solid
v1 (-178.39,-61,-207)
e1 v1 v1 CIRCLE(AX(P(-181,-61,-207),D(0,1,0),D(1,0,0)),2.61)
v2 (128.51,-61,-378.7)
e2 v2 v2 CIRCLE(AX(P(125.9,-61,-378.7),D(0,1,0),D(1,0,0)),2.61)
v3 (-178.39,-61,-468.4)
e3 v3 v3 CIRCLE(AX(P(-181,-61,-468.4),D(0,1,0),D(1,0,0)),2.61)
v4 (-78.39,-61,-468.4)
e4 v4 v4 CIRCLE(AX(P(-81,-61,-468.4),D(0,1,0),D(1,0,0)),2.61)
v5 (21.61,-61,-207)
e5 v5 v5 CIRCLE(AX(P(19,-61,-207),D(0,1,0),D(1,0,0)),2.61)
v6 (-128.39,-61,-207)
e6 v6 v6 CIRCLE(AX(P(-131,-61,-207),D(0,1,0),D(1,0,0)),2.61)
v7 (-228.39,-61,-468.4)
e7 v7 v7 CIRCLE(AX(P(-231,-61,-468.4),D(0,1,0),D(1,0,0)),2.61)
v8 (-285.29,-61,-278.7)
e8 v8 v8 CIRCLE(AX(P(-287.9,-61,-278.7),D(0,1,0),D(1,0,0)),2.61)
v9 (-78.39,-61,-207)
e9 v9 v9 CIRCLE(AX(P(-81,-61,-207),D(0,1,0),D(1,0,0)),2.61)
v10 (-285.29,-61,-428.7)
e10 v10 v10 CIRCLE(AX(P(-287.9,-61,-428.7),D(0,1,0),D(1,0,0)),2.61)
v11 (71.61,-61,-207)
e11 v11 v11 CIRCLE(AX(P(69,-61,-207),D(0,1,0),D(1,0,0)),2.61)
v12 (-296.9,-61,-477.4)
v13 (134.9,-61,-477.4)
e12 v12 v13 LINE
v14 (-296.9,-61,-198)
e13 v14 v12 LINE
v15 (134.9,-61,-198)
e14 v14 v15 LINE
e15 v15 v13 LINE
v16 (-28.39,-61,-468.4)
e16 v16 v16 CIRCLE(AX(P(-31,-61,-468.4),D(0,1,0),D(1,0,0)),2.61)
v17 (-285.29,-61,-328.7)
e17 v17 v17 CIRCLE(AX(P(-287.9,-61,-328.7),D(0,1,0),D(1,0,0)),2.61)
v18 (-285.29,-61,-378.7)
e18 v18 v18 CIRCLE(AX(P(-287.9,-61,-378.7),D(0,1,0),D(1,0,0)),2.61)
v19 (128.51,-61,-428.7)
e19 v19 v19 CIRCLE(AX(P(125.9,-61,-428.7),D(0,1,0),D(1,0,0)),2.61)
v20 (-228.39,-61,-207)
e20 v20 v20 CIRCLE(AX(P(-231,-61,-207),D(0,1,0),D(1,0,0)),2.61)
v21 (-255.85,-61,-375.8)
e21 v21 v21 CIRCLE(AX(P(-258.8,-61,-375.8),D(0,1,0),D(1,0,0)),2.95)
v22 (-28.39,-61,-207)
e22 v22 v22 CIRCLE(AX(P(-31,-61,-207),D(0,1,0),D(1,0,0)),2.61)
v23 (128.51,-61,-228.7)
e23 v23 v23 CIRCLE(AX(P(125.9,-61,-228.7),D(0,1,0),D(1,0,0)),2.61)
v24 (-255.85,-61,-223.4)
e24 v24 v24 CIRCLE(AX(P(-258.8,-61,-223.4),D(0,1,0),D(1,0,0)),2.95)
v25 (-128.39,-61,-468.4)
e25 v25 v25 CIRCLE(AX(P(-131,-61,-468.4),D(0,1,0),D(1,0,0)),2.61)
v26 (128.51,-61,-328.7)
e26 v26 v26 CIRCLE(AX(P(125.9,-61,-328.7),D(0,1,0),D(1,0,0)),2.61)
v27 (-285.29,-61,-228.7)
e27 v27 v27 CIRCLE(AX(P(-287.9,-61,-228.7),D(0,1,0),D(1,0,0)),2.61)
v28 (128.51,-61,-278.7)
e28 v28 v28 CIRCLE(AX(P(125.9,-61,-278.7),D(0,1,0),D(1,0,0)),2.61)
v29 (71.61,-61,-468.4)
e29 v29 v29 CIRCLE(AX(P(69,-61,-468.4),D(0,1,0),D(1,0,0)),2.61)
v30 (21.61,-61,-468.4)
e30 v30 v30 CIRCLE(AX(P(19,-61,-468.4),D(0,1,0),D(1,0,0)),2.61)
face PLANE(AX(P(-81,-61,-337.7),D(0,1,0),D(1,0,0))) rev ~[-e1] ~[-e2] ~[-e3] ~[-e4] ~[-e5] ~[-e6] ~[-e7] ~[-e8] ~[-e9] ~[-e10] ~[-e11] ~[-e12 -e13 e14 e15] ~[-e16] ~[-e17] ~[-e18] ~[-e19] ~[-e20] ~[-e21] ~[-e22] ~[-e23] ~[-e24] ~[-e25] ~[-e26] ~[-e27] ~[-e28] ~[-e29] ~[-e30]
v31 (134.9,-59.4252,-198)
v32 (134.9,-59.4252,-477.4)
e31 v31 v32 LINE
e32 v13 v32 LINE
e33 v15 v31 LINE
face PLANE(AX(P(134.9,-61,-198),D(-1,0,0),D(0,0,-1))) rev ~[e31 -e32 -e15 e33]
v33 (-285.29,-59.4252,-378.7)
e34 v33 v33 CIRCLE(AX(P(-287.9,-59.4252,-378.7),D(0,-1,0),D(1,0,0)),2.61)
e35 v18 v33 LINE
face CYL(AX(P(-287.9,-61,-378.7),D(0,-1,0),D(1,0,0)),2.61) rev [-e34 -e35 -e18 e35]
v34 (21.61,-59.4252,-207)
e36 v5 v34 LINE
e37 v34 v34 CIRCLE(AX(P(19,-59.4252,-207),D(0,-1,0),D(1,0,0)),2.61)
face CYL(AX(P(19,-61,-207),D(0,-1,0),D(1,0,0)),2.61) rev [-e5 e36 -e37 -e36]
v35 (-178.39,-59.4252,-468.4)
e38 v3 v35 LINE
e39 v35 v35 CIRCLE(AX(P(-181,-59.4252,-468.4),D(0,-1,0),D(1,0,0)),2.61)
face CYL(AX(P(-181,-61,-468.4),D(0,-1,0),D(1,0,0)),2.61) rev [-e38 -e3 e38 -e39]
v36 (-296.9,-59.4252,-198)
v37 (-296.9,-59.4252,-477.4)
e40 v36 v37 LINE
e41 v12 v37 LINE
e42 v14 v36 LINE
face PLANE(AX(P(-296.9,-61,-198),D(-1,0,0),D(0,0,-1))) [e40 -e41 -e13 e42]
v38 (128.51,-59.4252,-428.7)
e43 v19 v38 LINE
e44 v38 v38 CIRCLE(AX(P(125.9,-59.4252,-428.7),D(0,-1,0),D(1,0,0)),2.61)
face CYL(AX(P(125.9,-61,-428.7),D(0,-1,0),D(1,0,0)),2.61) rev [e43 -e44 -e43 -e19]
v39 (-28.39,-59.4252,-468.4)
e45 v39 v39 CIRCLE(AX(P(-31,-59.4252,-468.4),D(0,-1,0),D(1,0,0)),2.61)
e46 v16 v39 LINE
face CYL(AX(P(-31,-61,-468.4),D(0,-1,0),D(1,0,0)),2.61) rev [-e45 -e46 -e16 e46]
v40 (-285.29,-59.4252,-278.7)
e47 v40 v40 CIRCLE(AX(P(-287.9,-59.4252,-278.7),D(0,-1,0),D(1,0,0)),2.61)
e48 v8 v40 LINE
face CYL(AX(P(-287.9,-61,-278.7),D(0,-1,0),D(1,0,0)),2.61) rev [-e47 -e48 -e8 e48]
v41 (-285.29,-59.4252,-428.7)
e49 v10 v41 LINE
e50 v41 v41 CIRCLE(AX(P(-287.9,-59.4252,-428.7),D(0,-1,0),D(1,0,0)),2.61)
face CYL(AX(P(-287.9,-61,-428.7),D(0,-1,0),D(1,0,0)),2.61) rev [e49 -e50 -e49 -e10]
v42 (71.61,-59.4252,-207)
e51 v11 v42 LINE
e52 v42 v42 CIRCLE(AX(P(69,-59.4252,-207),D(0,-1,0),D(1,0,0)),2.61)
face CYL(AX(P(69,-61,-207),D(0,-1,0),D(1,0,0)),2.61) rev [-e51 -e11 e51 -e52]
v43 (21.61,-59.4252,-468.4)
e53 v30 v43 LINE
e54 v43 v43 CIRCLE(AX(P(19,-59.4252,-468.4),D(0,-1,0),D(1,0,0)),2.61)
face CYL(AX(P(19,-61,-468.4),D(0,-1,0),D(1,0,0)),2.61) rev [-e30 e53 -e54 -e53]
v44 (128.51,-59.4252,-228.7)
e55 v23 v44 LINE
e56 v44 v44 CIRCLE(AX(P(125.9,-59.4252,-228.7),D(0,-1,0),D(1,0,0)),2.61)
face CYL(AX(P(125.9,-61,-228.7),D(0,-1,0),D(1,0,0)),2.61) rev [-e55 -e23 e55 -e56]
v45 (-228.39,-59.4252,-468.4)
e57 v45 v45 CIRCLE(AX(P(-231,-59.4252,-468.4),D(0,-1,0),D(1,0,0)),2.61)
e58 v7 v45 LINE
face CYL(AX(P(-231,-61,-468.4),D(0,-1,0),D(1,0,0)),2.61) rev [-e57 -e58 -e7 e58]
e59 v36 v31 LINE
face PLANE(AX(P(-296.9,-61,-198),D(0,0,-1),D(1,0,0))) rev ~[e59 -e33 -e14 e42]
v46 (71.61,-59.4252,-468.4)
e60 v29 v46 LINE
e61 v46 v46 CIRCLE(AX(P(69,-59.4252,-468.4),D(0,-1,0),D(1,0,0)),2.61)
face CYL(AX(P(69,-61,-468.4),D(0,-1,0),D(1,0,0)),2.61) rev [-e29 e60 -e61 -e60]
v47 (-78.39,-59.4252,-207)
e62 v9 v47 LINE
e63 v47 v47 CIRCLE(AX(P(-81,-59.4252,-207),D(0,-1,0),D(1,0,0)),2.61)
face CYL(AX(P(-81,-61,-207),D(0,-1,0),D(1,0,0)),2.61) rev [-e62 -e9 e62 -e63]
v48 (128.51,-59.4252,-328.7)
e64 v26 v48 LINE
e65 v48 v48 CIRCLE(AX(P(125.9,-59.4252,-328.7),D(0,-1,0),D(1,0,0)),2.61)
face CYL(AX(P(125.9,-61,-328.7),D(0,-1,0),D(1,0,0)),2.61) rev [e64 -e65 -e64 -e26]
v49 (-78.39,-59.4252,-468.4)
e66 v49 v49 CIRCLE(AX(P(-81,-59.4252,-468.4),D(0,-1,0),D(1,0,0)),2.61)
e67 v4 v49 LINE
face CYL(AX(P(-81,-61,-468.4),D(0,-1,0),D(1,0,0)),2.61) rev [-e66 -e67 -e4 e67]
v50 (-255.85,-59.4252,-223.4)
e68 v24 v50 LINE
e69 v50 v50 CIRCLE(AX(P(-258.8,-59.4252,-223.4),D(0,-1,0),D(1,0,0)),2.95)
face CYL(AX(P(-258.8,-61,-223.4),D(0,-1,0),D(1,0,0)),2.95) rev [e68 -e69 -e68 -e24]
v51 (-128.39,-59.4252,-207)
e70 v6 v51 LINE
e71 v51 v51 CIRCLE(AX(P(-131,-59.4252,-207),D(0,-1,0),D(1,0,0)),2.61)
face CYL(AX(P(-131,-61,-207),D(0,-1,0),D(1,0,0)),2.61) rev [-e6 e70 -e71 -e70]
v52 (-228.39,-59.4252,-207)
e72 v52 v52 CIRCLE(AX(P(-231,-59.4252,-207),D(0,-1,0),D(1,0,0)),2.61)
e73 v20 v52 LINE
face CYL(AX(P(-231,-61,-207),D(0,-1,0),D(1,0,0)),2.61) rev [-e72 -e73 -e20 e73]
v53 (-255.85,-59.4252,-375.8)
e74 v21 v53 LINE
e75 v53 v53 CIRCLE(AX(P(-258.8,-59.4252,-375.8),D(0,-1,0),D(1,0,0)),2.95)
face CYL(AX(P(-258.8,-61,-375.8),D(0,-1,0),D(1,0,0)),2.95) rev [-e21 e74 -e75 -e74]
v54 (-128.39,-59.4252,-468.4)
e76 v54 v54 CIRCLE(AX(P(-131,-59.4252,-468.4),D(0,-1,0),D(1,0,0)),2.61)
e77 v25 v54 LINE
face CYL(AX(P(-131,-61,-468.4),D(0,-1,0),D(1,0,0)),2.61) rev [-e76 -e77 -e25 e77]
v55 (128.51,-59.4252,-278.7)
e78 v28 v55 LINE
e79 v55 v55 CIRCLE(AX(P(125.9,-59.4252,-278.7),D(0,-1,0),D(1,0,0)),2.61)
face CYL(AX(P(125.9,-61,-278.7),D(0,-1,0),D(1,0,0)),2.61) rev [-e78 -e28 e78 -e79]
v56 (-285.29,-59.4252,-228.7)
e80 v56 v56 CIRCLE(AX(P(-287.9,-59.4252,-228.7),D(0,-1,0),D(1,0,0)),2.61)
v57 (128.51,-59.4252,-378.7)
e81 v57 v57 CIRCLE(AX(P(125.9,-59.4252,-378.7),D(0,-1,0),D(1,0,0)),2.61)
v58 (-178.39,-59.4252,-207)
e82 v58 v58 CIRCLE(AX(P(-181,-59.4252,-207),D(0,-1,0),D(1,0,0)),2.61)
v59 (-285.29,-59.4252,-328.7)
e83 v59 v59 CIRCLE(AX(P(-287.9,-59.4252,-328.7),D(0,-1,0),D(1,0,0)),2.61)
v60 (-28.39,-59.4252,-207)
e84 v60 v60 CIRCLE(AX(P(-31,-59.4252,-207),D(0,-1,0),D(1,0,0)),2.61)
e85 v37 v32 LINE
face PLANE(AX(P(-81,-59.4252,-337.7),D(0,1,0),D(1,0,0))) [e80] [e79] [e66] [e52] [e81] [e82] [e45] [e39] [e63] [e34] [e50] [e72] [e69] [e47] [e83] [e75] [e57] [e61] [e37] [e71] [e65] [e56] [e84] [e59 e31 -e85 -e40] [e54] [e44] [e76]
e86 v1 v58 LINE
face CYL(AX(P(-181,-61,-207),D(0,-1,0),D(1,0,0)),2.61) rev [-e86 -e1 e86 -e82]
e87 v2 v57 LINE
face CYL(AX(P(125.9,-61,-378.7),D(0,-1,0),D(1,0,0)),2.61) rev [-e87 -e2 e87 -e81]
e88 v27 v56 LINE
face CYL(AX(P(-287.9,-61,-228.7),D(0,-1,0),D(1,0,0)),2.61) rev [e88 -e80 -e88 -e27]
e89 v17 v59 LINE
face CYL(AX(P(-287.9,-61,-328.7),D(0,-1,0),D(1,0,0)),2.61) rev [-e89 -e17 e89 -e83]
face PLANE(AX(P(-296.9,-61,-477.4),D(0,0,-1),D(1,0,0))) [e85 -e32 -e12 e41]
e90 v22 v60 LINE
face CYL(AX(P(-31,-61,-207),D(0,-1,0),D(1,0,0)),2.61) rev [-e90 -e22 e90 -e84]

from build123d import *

# Parameters (mm, degrees)
SKETCH020_W             = 431.8
SKETCH020_H             = 279.4
PAD001_DEPTH            = 1.5748
SKETCH017_R             = 2.61
POCKET019_DEPTH         = 5
LINEARPATTERN014_COUNT  = 4
LINEARPATTERN014_PITCH  = 50
LINEARPATTERN009_COUNT  = 4
LINEARPATTERN009_PITCH  = 50
SKETCH012_R             = 2.61
POCKET015_DEPTH         = 1.5758
LINEARPATTERN008_COUNT  = 3
LINEARPATTERN008_PITCH  = 50
LINEARPATTERN013_COUNT  = 3
LINEARPATTERN013_PITCH  = 50
SKETCH015_R             = 2.61
POCKET016_DEPTH         = 1.5758
LINEARPATTERN010_COUNT  = 4
LINEARPATTERN010_PITCH  = 50
LINEARPATTERN011_COUNT  = 4
LINEARPATTERN011_PITCH  = 50
SKETCH018_R             = 2.61
POCKET018_DEPTH         = 1.5758
LINEARPATTERN015_COUNT  = 3
LINEARPATTERN015_PITCH  = 50
LINEARPATTERN012_COUNT  = 3
LINEARPATTERN012_PITCH  = 50
SKETCH019_R             = 2.95
POCKET017_DEPTH         = 1.5758
BODY001_PLACEMENT_ANGLE = 90


with BuildPart() as part:
    # Sketch020 → Pad001 (new body)
    with BuildSketch(Plane.XY):
        with Locations((0, 139.7)):
            Rectangle(SKETCH020_W, SKETCH020_H)
    extrude(amount=PAD001_DEPTH)

    # Sketch017 → Pocket019 (cut)
    with BuildSketch(Plane.XY):
        with Locations((0, 9)):
            Circle(SKETCH017_R)
    pocket019 = extrude(amount=POCKET019_DEPTH, mode=Mode.SUBTRACT)

    # LinearPattern014: Pocket019 ×4
    with Locations(*[(i * LINEARPATTERN014_PITCH, 0, 0) for i in range(1, LINEARPATTERN014_COUNT)]):
        add(pocket019, mode=Mode.SUBTRACT)

    # LinearPattern009: Pocket019 ×4
    with Locations(*[(-i * LINEARPATTERN009_PITCH, 0, 0) for i in range(1, LINEARPATTERN009_COUNT)]):
        add(pocket019, mode=Mode.SUBTRACT)

    # Sketch012 → Pocket015 (cut, through all)
    with BuildSketch(Plane.XY):
        with Locations((-206.9, 130.7)):
            Circle(SKETCH012_R)
    pocket015 = extrude(amount=POCKET015_DEPTH, mode=Mode.SUBTRACT)

    # LinearPattern008: Pocket015 ×3
    with Locations(*[(0, -i * LINEARPATTERN008_PITCH, 0) for i in range(1, LINEARPATTERN008_COUNT)]):
        add(pocket015, mode=Mode.SUBTRACT)

    # LinearPattern013: Pocket015 ×3
    with Locations(*[(0, i * LINEARPATTERN013_PITCH, 0) for i in range(1, LINEARPATTERN013_COUNT)]):
        add(pocket015, mode=Mode.SUBTRACT)

    # Sketch015 → Pocket016 (cut, through all)
    with BuildSketch(Plane.XY):
        with Locations((0, 270.4)):
            Circle(SKETCH015_R)
    pocket016 = extrude(amount=POCKET016_DEPTH, mode=Mode.SUBTRACT)

    # LinearPattern010: Pocket016 ×4
    with Locations(*[(i * LINEARPATTERN010_PITCH, 0, 0) for i in range(1, LINEARPATTERN010_COUNT)]):
        add(pocket016, mode=Mode.SUBTRACT)

    # LinearPattern011: Pocket016 ×4
    with Locations(*[(-i * LINEARPATTERN011_PITCH, 0, 0) for i in range(1, LINEARPATTERN011_COUNT)]):
        add(pocket016, mode=Mode.SUBTRACT)

    # Sketch018 → Pocket018 (cut, through all)
    with BuildSketch(Plane.XY):
        with Locations((206.9, 130.7)):
            Circle(SKETCH018_R)
    pocket018 = extrude(amount=POCKET018_DEPTH, mode=Mode.SUBTRACT)

    # LinearPattern015: Pocket018 ×3
    with Locations(*[(0, i * LINEARPATTERN015_PITCH, 0) for i in range(1, LINEARPATTERN015_COUNT)]):
        add(pocket018, mode=Mode.SUBTRACT)

    # LinearPattern012: Pocket018 ×3
    with Locations(*[(0, -i * LINEARPATTERN012_PITCH, 0) for i in range(1, LINEARPATTERN012_COUNT)]):
        add(pocket018, mode=Mode.SUBTRACT)

    # Sketch019 → Pocket017 (cut, through all)
    with BuildSketch(Plane.XY):
        with Locations((-177.8, 177.8)):
            Circle(SKETCH019_R)
        with Locations((-177.8, 25.4)):
            Circle(SKETCH019_R)
    extrude(amount=POCKET017_DEPTH, mode=Mode.SUBTRACT)


with BuildPart() as part_1:
    # Body001 placement: moved
    add(part.part.moved(Location((-81, -61, -198))).rotate(Axis((-81, -61, -198), (-1, 0, 0)), BODY001_PLACEMENT_ANGLE))


solid = part_1.part
